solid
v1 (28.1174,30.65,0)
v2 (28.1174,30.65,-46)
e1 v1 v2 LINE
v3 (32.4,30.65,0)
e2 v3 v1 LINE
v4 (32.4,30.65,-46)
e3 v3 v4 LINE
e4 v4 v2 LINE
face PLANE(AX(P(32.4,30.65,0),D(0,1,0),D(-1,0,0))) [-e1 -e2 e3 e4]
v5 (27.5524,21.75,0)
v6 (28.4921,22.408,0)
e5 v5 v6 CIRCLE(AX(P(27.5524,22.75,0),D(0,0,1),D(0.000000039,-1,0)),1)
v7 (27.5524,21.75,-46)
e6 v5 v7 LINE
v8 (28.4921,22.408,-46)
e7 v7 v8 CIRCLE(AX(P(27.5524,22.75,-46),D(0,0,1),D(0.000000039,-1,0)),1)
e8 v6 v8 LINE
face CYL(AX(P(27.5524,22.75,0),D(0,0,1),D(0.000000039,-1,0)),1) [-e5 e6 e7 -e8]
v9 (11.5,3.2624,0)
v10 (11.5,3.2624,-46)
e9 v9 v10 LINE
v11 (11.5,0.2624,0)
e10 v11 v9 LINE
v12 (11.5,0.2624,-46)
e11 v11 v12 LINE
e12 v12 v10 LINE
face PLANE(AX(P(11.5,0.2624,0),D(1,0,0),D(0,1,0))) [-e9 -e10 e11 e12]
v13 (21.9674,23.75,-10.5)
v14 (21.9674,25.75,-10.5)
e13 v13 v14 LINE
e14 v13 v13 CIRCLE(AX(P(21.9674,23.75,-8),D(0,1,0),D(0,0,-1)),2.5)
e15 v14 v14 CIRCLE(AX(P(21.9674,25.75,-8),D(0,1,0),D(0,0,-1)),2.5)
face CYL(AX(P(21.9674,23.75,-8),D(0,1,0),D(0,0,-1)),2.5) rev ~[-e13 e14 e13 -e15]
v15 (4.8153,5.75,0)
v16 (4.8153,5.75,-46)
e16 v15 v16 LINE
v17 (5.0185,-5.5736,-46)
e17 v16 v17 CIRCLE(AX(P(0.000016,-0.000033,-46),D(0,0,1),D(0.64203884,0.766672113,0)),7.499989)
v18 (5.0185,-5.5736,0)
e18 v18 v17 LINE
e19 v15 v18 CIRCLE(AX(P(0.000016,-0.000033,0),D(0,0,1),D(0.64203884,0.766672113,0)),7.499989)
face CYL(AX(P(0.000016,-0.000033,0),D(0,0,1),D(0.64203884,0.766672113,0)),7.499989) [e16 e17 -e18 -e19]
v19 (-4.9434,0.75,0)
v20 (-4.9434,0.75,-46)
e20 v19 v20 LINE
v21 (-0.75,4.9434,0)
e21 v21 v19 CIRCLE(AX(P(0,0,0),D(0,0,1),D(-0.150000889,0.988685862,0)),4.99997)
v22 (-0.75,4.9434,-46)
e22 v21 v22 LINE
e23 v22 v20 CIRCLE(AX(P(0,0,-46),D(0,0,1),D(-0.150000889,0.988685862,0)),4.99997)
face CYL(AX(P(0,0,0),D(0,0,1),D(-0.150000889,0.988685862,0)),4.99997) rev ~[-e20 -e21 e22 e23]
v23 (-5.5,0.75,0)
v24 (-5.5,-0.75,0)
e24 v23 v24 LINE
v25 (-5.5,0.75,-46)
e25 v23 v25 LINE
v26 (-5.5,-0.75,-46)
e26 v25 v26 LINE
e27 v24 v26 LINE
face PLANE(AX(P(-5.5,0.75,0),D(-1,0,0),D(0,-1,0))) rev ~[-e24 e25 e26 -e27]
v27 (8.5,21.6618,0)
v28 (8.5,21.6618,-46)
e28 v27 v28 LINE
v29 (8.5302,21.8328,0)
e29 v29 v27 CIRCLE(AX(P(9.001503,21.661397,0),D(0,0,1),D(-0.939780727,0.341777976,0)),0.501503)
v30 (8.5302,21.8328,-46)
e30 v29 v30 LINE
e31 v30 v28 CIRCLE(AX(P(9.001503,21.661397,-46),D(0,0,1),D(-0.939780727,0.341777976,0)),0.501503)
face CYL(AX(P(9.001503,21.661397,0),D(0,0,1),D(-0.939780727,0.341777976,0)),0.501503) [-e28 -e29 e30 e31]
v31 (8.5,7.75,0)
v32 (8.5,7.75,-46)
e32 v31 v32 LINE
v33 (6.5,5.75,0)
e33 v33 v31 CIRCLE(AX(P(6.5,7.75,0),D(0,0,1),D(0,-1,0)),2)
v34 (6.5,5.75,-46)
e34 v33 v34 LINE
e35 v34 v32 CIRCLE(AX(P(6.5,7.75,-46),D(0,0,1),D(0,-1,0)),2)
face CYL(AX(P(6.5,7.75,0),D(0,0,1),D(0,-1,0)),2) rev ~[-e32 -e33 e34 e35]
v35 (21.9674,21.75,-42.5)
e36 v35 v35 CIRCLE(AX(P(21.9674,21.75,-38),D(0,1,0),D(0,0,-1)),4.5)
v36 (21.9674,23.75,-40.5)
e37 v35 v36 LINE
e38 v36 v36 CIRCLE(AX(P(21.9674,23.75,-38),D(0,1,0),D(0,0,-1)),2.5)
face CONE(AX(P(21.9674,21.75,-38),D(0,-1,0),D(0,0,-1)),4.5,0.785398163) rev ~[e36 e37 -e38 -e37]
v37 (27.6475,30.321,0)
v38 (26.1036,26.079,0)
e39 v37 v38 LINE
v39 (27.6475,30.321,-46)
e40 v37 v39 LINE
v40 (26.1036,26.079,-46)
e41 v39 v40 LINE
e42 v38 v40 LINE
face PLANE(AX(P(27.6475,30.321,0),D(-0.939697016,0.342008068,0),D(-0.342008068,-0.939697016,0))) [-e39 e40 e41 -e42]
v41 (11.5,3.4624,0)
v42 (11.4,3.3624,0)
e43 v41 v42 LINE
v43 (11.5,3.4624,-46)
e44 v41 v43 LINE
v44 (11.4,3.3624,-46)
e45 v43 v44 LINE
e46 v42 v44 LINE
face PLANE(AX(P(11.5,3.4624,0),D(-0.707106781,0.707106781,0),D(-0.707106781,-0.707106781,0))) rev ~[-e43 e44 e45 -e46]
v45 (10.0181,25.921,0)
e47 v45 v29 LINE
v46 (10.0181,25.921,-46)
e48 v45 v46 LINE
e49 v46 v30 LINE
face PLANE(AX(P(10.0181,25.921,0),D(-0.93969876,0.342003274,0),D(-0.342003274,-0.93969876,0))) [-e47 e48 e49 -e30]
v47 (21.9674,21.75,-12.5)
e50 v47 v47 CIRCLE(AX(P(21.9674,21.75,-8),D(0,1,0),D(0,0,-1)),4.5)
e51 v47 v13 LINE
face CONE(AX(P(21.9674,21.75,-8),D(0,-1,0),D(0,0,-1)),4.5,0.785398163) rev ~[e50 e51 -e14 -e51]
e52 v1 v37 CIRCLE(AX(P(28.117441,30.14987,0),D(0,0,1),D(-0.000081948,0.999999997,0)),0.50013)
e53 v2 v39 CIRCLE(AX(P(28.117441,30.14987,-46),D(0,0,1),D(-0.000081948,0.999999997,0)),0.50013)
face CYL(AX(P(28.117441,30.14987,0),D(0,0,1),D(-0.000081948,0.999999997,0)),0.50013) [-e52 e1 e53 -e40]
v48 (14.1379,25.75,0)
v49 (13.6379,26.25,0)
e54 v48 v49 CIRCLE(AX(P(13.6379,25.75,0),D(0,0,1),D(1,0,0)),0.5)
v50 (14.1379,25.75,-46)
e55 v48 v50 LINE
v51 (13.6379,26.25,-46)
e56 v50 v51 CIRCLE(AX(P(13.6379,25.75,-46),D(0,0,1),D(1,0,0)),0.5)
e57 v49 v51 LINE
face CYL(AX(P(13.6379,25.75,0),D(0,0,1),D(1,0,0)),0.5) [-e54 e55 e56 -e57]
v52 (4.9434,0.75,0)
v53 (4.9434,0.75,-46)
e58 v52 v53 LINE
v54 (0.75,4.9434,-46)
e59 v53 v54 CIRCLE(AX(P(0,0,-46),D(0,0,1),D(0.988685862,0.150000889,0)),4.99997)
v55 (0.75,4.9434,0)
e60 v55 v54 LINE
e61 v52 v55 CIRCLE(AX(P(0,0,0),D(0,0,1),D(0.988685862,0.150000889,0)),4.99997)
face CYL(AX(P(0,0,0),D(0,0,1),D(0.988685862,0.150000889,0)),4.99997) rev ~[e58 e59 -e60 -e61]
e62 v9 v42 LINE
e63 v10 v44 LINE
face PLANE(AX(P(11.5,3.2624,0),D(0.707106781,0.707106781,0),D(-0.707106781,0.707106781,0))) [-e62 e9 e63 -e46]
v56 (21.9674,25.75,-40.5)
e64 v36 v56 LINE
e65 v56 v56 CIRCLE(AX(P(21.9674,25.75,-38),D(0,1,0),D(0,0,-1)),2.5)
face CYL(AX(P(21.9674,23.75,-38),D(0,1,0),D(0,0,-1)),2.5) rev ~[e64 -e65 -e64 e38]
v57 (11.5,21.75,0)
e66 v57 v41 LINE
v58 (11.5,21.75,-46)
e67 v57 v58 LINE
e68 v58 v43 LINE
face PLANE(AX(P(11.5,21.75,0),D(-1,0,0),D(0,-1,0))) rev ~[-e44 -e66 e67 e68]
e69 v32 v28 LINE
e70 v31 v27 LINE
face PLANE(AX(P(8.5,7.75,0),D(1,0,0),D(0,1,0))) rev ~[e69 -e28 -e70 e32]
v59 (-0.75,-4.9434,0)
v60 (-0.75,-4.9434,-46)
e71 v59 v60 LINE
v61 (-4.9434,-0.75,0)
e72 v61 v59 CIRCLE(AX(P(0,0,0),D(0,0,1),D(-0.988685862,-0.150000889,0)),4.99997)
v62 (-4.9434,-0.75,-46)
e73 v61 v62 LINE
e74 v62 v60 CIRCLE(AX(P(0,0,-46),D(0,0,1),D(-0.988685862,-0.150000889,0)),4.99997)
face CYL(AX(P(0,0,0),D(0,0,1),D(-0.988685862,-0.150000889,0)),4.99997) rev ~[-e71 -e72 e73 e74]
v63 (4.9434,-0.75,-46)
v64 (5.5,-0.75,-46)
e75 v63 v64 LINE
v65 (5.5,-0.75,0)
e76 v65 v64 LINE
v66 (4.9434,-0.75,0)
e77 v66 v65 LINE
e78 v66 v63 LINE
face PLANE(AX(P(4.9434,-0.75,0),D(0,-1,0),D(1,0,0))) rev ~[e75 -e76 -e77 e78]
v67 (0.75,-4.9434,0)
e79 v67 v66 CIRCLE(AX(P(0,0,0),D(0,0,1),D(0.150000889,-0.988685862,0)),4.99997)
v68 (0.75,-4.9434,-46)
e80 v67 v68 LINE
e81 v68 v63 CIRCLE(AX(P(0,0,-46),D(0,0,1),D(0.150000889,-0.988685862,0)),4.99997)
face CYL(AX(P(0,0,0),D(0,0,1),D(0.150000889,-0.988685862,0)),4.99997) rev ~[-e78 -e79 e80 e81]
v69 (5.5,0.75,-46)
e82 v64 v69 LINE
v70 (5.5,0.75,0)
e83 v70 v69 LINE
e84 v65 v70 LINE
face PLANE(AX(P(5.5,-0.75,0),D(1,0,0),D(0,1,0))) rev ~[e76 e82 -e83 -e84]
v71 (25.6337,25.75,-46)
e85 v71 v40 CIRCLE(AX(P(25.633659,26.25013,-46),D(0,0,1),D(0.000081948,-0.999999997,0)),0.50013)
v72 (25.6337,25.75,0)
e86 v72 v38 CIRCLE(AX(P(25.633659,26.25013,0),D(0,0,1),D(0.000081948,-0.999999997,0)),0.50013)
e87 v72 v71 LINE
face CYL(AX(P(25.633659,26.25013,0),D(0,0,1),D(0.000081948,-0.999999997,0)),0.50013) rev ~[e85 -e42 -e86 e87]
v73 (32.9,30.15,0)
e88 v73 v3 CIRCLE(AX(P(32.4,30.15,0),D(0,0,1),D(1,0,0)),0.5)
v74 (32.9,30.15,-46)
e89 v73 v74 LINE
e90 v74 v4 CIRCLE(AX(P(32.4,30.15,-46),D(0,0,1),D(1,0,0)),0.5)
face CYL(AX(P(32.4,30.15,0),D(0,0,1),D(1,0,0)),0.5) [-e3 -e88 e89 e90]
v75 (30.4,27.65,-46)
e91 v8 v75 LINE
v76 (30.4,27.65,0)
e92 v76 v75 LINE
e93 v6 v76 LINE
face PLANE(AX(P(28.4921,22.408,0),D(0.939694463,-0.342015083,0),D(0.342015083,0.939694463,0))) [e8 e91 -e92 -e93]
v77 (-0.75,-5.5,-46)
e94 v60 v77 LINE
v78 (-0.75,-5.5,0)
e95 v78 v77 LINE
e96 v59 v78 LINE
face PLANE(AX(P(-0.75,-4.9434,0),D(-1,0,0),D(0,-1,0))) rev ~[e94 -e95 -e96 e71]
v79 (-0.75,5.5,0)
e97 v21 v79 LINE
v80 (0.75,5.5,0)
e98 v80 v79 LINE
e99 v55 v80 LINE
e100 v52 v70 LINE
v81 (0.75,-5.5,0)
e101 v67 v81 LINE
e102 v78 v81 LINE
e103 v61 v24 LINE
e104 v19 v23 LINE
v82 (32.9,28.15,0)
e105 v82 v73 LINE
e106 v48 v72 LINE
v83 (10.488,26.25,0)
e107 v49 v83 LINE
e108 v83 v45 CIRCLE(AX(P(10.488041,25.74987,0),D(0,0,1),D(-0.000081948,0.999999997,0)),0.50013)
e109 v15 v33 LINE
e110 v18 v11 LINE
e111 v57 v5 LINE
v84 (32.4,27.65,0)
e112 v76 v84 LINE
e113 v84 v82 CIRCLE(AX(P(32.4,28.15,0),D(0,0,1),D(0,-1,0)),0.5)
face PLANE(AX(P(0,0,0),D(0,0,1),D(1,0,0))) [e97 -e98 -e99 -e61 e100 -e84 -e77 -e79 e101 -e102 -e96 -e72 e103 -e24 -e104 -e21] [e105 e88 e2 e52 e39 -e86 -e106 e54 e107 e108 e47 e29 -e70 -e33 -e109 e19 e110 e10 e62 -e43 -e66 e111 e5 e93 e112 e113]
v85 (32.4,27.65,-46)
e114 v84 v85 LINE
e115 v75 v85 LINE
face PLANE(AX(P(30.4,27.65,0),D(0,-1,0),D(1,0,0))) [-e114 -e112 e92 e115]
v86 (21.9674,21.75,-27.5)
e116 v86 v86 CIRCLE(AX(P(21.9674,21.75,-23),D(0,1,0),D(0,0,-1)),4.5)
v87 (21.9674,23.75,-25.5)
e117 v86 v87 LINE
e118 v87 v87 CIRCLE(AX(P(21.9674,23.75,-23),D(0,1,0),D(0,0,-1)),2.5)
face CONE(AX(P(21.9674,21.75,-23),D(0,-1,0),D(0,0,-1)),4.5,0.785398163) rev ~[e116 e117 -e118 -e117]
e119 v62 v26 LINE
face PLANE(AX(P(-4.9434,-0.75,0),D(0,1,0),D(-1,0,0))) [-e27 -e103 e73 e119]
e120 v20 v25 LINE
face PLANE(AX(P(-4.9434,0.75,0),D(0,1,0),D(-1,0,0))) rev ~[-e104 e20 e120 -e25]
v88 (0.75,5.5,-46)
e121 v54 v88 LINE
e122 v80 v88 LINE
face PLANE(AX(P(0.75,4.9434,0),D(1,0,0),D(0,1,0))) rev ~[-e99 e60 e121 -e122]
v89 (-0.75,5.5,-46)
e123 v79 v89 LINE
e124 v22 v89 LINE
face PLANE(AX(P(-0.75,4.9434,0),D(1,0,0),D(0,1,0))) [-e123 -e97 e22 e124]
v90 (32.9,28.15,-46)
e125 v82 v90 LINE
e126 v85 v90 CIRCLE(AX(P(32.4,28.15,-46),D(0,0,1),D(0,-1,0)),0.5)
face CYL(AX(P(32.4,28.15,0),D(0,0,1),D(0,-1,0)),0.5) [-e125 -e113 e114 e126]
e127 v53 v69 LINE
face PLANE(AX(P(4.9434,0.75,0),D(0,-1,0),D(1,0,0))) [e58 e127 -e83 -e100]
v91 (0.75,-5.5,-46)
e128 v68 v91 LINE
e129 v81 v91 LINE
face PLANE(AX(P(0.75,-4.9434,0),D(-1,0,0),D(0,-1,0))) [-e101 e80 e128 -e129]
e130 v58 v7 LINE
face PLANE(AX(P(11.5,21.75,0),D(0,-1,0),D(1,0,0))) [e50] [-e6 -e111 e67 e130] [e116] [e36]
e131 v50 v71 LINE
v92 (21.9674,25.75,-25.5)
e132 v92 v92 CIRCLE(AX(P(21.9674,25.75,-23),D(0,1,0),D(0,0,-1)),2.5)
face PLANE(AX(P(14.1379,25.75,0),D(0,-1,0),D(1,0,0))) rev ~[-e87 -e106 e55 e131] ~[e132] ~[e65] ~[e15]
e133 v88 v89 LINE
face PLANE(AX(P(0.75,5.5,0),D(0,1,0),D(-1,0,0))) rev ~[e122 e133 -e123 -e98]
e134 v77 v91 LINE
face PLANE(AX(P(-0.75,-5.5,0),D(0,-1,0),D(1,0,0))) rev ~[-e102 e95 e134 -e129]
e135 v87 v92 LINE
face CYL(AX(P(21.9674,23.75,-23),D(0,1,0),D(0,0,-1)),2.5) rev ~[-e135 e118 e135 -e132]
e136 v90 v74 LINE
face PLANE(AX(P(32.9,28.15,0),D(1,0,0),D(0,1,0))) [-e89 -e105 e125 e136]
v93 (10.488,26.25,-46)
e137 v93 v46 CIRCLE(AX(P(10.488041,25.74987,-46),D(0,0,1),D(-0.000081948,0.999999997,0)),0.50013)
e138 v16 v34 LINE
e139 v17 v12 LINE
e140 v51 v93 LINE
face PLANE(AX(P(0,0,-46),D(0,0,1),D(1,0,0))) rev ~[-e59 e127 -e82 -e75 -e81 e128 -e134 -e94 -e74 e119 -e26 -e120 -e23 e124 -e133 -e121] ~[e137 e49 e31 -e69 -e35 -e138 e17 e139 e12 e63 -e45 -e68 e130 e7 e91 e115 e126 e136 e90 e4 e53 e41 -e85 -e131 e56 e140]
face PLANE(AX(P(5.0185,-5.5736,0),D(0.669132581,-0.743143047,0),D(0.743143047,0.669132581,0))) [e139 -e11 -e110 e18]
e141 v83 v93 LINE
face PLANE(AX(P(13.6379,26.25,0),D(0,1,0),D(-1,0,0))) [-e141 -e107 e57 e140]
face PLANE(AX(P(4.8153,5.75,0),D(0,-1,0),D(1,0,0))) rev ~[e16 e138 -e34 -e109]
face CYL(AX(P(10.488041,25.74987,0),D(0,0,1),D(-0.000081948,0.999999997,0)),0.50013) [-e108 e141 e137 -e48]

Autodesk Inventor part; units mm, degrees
ref_plane "YZ Plane" through (0, 0, 0) normal (1, 0, 0) x (0, 1, 0)
ref_plane "XZ Plane" through (0, 0, 0) normal (0, 1, 0) x (-1, 0, 0)
ref_plane "XY Plane" through (0, 0, 0) normal (0, 0, 1) x (1, 0, 0)
sketch "Boceto1" plane through (0, 0, 0) normal (0, 0, 1) x (1, 0, 0)
  arc A0 (4.8153, 5.75) -> (5.0185, -5.5736) centre (0, 0) ccw
  line L0 (0, 12.1119) -> (0, -11.4197) construction
  line L1 (-11.1817, 0) -> (12.1806, 0) construction
  line L2 (4.9434, 0.75) -> (5.5, 0.75)
  line L3 (4.9434, -0.75) -> (5.5, -0.75)
  line L4 (5.5, -0.75) -> (5.5, 0.75)
  line L5 (-0.75, 4.9434) -> (-0.75, 5.5)
  line L6 (0.75, 5.5) -> (-0.75, 5.5)
  line L7 (0.75, 4.9434) -> (0.75, 5.5)
  line L8 (-4.9434, -0.75) -> (-5.5, -0.75)
  line L9 (-5.5, 0.75) -> (-5.5, -0.75)
  line L10 (-4.9434, 0.75) -> (-5.5, 0.75)
  line L11 (0.75, -4.9434) -> (0.75, -5.5)
  line L12 (-0.75, -5.5) -> (0.75, -5.5)
  line L13 (-0.75, -4.9434) -> (-0.75, -5.5)
  arc A1 (-0.75, 4.9434) -> (-4.9434, 0.75) centre (0, 0) ccw
  arc A2 (-4.9434, -0.75) -> (-0.75, -4.9434) centre (0, 0) ccw
  arc A3 (0.75, -4.9434) -> (4.9434, -0.75) centre (0, 0) ccw
  arc A4 (4.9434, 0.75) -> (0.75, 4.9434) centre (0, 0) ccw
  circle A5 centre (0, 0) radius 5 construction
  line L14 (-11.772, 7.5) -> (14.517, 7.5) construction
  line L15 (-11.772, -7.5) -> (14.517, -7.5) construction
  line L16 (4.8153, 5.75) -> (6.5, 5.75)
  line L17 (8.5, 7.75) -> (8.5, 21.6618)
  line L18 (14.1379, 25.75) -> (25.6337, 25.75)
  line L19 (11.5, 21.75) -> (11.5, 3.4624)
  arc A6 (6.5, 5.75) -> (8.5, 7.75) centre (6.5, 7.75) ccw
  line L20 (5.0185, -5.5736) -> (11.5, 0.2624)
  line L21 (11.5, 21.75) -> (27.5524, 21.75)
  line L22 (28.4921, 22.408) -> (30.4, 27.65)
  line L23 (30.4, 27.65) -> (32.4, 27.65)
  line L24 (32.9, 28.15) -> (32.9, 30.15)
  line L25 (32.4, 30.65) -> (28.1174, 30.65)
  line L26 (27.6475, 30.321) -> (26.1036, 26.079)
  line L27 (14.1379, 25.75) -> (14.1379, 25.75)
  line L28 (13.6379, 26.25) -> (10.488, 26.25)
  line L29 (10.0181, 25.921) -> (8.5302, 21.8328)
  line L30 (11.5, 0.2624) -> (11.5, 3.2624)
  line L31 (12.5556, 3.3624) -> (11.7894, 3.3624) construction
  line L32 (11.5, 3.4624) -> (11.4, 3.3624)
  line L33 (11.5, 3.2624) -> (11.4, 3.3624)
  arc A7 (32.4, 27.65) -> (32.9, 28.15) centre (32.4, 28.15) ccw
  arc A8 (32.9, 30.15) -> (32.4, 30.65) centre (32.4, 30.15) ccw
  arc A9 (28.1174, 30.65) -> (27.6475, 30.321) centre (28.1174, 30.15) ccw
  arc A10 (14.1379, 25.75) -> (13.6379, 26.25) centre (13.6379, 25.75) ccw
  arc A11 (10.488, 26.25) -> (10.0181, 25.921) centre (10.488, 25.75) ccw
  arc A12 (25.6337, 25.75) -> (26.1036, 26.079) centre (25.6337, 26.25) ccw
  arc A13 (27.5524, 21.75) -> (28.4921, 22.408) centre (27.5524, 22.75) ccw
  arc A14 (8.5302, 21.8328) -> (8.5, 21.6618) centre (9, 21.6618) ccw
  point P0 (25.9838, 25.75)
  point P1 (8.5, 21.75)
  point P2 (28.2526, 21.75)
  point P3 (32.9, 27.65)
  point P4 (32.9, 30.65)
  point P5 (27.7673, 30.65)
  point P6 (14.1379, 26.25)
  point P7 (10.1379, 26.25)
  dimension "d0" = 15
  dimension "d4" = 0.75
  dimension "d6" = 1.5
  dimension "d11" = 360
  dimension "d13" = 10
  dimension "d14" = 0.5
  dimension "d15" = 5
  dimension "d16" = 1.75
  dimension "d22" = 3
  dimension "d27" = 20
  dimension "d49" = 2
  dimension "d89" = 4
  dimension "d90" = 3
  dimension "d91" = 3.5
  dimension "d92" = 4
  dimension "d93" = 0.5
  dimension "d96" = 2.5
  dimension "d97" = 4.5
  dimension "d98" = 3
  dimension "d100" = 48
  dimension "d101" = 0.2
  dimension "d102" = 0.1
  dimension "d106" = 0.1
  dimension "d108" = 70
  dimension "d111" = 24.4
  dimension "d113" = 19
  dimension "d118" = 70
  dimension "d123" = 0.5
  dimension "d124" = 1
  dimension "d125" = 0.5
  dimension "d155" = 8.9
  dimension "d156" = 38.15
extrude "Extrusión1" add sketch "Boceto1" against normal blind 46
sketch "Boceto2" plane through (11.5, 21.75, 0) normal (0, -1, 0) x (1, 0, 0)
  line L0 (10.4674, 0.9421) -> (10.4674, -47.0057) construction
  line L1 (16.0524, 0) -> (16.0524, -46) projected
  line L2 (0, 0) -> (0, -46) projected
  line L3 (-0.8036, -23) -> (23.8698, -23) construction
  line L4 (0, 0) -> (16.0524, 0) projected
  line L5 (16.0524, -46) -> (0, -46) projected
  circle A0 centre (10.4674, -23) radius 2.5
  circle A1 centre (10.4674, -23) radius 4.5
  circle A2 centre (10.4674, -38) radius 2.5
  circle A3 centre (10.4674, -38) radius 4.5
  circle A4 centre (10.4674, -8) radius 2.5
  circle A5 centre (10.4674, -8) radius 4.5
  point P0 (-11.5, 0)
  dimension "d134" = 5.585
  dimension "d136" = 23
  dimension "d137" = 23
  dimension "d138" = 5
  dimension "d139" = 9
  dimension "d140" = 2
  dimension "d143" = 15
hole "Agujero2" at (21.9674, 21.75, -8) at (21.9674, 21.75, -23) at (21.9674, 21.75, -38) direction (0, 1, 0) diameter 5 end through all countersink diameter 9 countersink angle 90
properties part number "HIN-61 BISAGRA (P2)" material "Aluminio"
